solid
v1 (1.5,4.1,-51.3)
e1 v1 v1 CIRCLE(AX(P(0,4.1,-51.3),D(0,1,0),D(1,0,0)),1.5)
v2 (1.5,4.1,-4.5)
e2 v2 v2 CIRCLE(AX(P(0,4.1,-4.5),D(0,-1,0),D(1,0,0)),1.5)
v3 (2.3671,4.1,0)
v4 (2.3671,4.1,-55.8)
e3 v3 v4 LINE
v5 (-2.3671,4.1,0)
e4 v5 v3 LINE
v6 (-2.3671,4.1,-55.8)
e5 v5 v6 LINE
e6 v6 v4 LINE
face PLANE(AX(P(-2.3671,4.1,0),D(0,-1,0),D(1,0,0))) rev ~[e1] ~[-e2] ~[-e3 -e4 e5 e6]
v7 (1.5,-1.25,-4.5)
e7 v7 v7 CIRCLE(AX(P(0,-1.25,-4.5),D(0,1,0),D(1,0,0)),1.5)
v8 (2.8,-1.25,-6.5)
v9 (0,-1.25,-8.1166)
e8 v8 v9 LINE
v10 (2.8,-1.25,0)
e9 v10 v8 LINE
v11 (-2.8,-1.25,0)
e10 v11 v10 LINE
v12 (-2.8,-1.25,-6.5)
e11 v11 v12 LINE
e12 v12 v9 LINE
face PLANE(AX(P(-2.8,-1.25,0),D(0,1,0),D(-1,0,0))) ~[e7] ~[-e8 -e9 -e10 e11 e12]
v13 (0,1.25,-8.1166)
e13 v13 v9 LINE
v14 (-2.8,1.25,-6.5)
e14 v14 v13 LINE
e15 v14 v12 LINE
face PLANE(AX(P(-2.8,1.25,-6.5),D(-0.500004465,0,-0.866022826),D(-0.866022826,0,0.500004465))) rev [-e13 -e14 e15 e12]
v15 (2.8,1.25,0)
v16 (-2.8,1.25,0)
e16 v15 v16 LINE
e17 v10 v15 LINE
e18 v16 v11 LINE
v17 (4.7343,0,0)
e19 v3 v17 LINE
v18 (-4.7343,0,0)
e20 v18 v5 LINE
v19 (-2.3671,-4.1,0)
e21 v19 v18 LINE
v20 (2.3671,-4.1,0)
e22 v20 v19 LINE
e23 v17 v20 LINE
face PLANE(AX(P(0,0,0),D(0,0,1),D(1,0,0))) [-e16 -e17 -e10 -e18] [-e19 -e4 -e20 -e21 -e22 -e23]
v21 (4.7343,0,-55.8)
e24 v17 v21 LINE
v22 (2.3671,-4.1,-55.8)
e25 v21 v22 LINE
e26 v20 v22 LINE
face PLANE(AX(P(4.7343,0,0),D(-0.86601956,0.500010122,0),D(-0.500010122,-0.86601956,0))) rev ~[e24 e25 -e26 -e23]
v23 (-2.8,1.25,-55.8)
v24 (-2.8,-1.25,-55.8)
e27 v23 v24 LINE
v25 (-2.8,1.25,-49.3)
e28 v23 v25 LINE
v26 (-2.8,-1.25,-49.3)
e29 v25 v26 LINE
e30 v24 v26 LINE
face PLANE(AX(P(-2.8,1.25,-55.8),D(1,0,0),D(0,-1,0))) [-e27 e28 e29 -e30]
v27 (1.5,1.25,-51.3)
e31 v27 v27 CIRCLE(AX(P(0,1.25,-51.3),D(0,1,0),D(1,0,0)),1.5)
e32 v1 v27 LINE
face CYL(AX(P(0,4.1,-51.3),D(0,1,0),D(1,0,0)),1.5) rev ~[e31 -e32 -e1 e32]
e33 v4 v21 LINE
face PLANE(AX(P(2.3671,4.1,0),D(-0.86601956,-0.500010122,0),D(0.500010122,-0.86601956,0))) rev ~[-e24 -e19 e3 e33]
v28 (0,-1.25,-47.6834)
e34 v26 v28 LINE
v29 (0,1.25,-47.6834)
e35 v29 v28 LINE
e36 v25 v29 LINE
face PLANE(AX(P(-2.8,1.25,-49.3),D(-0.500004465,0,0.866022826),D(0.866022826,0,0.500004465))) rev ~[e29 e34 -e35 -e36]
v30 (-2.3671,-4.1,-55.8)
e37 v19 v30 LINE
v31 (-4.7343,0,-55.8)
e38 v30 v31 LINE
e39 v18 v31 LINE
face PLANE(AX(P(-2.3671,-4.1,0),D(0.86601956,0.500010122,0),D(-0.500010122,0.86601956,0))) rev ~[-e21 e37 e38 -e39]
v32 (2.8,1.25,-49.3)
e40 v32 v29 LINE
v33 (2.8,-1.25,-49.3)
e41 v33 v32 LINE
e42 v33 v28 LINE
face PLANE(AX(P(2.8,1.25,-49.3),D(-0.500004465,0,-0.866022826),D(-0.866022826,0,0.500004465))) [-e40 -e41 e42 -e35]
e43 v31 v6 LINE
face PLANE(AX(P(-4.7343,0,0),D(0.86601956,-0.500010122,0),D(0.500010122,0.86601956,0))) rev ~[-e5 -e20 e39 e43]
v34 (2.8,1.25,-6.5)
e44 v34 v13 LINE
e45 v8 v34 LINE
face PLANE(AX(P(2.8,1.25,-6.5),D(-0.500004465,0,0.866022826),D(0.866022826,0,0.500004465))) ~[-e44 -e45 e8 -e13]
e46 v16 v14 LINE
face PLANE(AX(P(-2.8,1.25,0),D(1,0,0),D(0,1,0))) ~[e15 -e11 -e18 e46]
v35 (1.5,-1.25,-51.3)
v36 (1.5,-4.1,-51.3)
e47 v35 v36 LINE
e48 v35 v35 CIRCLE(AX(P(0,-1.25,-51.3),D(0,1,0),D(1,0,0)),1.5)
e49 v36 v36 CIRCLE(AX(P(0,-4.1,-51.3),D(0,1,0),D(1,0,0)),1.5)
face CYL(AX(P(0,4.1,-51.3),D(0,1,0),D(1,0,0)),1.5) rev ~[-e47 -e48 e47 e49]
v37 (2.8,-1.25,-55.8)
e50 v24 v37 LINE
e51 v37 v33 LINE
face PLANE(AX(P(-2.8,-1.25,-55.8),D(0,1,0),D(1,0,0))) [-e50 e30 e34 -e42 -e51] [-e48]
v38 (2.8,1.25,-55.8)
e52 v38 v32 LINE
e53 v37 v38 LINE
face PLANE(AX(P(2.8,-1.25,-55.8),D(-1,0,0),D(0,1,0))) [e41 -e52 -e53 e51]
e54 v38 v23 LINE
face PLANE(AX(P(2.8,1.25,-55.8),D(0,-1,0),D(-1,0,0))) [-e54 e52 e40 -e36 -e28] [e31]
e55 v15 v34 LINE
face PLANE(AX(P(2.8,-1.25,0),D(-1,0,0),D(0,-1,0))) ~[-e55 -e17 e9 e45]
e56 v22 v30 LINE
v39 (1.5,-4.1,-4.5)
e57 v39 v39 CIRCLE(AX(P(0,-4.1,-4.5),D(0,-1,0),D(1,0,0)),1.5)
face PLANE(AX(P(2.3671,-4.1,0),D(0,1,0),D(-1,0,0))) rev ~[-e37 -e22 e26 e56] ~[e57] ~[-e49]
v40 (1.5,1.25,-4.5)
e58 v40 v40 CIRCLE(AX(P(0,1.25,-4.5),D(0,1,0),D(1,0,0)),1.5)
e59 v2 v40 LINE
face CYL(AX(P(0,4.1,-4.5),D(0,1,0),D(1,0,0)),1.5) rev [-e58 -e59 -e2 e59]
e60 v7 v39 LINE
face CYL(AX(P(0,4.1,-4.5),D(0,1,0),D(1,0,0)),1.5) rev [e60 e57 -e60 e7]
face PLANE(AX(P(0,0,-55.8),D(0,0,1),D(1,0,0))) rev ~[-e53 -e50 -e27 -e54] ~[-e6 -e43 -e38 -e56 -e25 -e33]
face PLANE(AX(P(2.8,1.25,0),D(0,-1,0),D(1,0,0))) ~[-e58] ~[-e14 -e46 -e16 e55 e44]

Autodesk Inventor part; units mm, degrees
ref_plane "YZ Plane" through (0, 0, 0) normal (1, 0, 0) x (0, 1, 0)
ref_plane "XZ Plane" through (0, 0, 0) normal (0, 1, 0) x (-1, 0, 0)
sketch "Sketch1" plane through (0, 0, 0) normal (0, 0, 1) x (1, 0, 0)
  line L0 (-2.3671, -4.1) -> (-4.7343, 0)
  line L1 (-4.7343, 0) -> (-2.3671, 4.1)
  line L2 (-2.3671, 4.1) -> (2.3671, 4.1)
  line L3 (2.3671, 4.1) -> (4.7343, 0)
  line L4 (4.7343, 0) -> (2.3671, -4.1)
  line L5 (2.3671, -4.1) -> (-2.3671, -4.1)
  point P0 (0, 0)
  point P1 (0, 0)
  dimension "d0" = 4.1
extrude "Extrusion1" add sketch "Sketch1" against normal blind 55.8
sketch "Sketch2" plane through (4.7343, 0, 0) normal (0.866, 0.5, 0) x (0, 0, -1)
  line L0 (0, 4.7343) -> (0, 0) projected
  line L1 (4.75, 5.1671) -> (7.25, 5.1671)
  line L2 (7.25, 5.1671) -> (7.25, -0.4329)
  line L3 (7.25, -0.4329) -> (4.75, -0.4329)
  line L4 (4.75, -0.4329) -> (4.75, 5.1671)
  line L5 (4.75, 5.1671) -> (7.25, -0.4329) construction
  line L6 (7.25, 5.1671) -> (4.75, -0.4329) construction
  point P0 (0, 2.3671)
  point P1 (6, 2.3671)
  dimension "d3" = 2.5
  dimension "d4" = 5.6
  dimension "d10" = 0
  dimension "d11" = 6
extrude "Extrusion2" [suppressed]
sketch "Sketch3" plane through (0, 0, 0) normal (0, 0, 1) x (1, 0, 0)
  circle A0 centre (0, 0) radius 1.5
  dimension "d7" = 3
extrude "Extrusion3" [suppressed]
ref_plane "Work Plane1" through (0, 0, -27.9) normal (0, 0, -1) x (-1, 0, 0)
mirror "Mirror1" [suppressed]
sketch "Sketch4" plane through (1.5014, 4.1, -7.25) normal (0, 0, 1) x (1, 0, 0)
  line L0 (0, 0) -> (-4.5469, -2.6251) projected
  line L1 (-1.7469, -7.4749) -> (-4.5469, -2.6251) projected
  line L2 (2.8, -4.8497) -> (-1.7469, -7.4749) projected
  line L3 (-4.5469, -2.6251) -> (-4.5469, -5.8583)
  line L4 (-1.7469, -7.4749) -> (-4.5469, -5.8583)
  line L5 (-1.7469, -7.4749) -> (-4.5469, -2.6251)
  point P0 (-1.5014, -4.1)
  dimension "d12" = 120
  dimension "d13" = 120
extrude "Extrusion4" [suppressed]
sketch "Sketch5" plane through (-4.7343, 0, -55.8) normal (-0.866, -0.5, 0) x (0, 0, 1)
  line L0 (0, -4.7343) -> (0, 0) projected
  line L1 (4.75, 0.4331) -> (7.25, 0.4331)
  line L2 (7.25, 0.4331) -> (7.25, -5.1669)
  line L3 (7.25, -5.1669) -> (4.75, -5.1669)
  line L4 (4.75, -5.1669) -> (4.75, 0.4331)
  line L5 (4.75, 0.4331) -> (7.25, -5.1669) construction
  line L6 (7.25, 0.4331) -> (4.75, -5.1669) construction
  line L7 (0, -3.8671) -> (0, -0.8671) projected
  line L8 (0, -4.7343) -> (0, 0) projected
  line L9 (0, 0) -> (0, 2.3671) projected
  line L10 (0, 2.3671) -> (0, 0) projected
  line L11 (0, 0) -> (0, -4.7343) projected
  line L12 (0, -4.7343) -> (0, -7.1014) projected
  line L13 (0, -7.1014) -> (0, -4.7343) projected
  line L14 (9.5, -0.8671) -> (9.5, -3.8671) projected
  line L15 (0, -3.8671) -> (0, -0.8671) projected
  line L16 (55.8, -7.1014) -> (0, -7.1014) projected
  line L17 (55.8, 2.3671) -> (0, 2.3671) projected
  point P0 (55.8, -2.3671)
  point P1 (6, -2.3669)
  dimension "d16" = 2.5
  dimension "d17" = 5.6
  dimension "d18" = 6
  dimension "d25" = 1.9345
extrude "Extrusion5" [suppressed]
sketch "Sketch6" plane through (-1.5019, -4.1, -42.75) normal (0, 0, -1) x (-1, 0, 0)
  line L0 (-1.7472, 7.4751) -> (-4.5472, 2.6253) projected
  line L1 (-4.5472, 2.6253) -> (-4.5472, 5.8585)
  line L2 (-1.7472, 7.4751) -> (-4.5472, 5.8585)
  line L3 (2.7993, 4.8501) -> (-1.7472, 7.4751) projected
  line L4 (0, 0) -> (-4.5472, 2.6253) projected
  line L5 (-1.7472, 7.4751) -> (-4.5472, 2.6253)
  point P0 (-1.5019, 4.1)
  dimension "d21" = 120
  dimension "d22" = 120
extrude "Extrusion6" [suppressed]
sketch "Sketch8" plane through (0, 0, -55.8) normal (0, 0, -1) x (-1, 0, 0)
  line L0 (-2.8, 1.25) -> (2.8, 1.25)
  line L1 (2.8, 1.25) -> (2.8, -1.25)
  line L2 (2.8, -1.25) -> (-2.8, -1.25)
  line L3 (-2.8, -1.25) -> (-2.8, 1.25)
  line L4 (-2.8, 1.25) -> (2.8, -1.25) construction
  line L5 (2.8, 1.25) -> (-2.8, -1.25) construction
  point P0 (0, 0)
  dimension "d32" = 5.6
  dimension "d33" = 2.5
  dimension "d46" = 1.25
  dimension "d47" = 2.8
extrude "Extrusion8" cut sketch "Sketch8" against normal blind 6.5
sketch "Sketch9" plane through (-2.3671, 4.1, 0) normal (0, 1, 0) x (1, 0, 0)
  line L0 (4.7343, 0) -> (4.7343, 55.8) projected
  line L1 (0, 55.8) -> (4.7343, 55.8) projected
  line L2 (0, 0) -> (0, 55.8) projected
  line L3 (0, 0) -> (4.7343, 0) projected
  line L4 (5.1671, 55.8) -> (-0.4329, 55.8) projected
  line L5 (2.3671, 55.8) -> (2.3671, 0) construction
  line L6 (2.3671, 55.8) -> (58.1671, 55.8) construction
  circle A0 centre (2.3671, 51.3) radius 1.5
  dimension "d36" = 90
  dimension "d37" = 3
  dimension "d38" = 0
  dimension "d39" = 4.5
extrude "Extrusion9" cut sketch "Sketch9" against normal up to surface (8.2 mm away) contours A0
sketch "Sketch10" plane through (-2.8, 1.25, -55.8) normal (0, -1, 0) x (1, 0, 0)
  circle A0 centre (2.8, 4.5) radius 1.5 projected
  line L0 (5.6, 0) -> (0, 0) projected
  line L1 (5.6, 0) -> (5.6, 6.5) projected
  line L2 (5.6, 6.5) -> (0, 6.5) projected
  line L3 (0, 0) -> (0, 6.5) projected
  line L4 (0, 6.5) -> (2.8, 8.1166)
  line L5 (0, 6.5) -> (3.9156, 6.5) construction
  line L6 (5.6, 6.5) -> (2.8, 8.1166)
  line L7 (5.6, 6.5) -> (8.8332, 6.5) construction
  line L8 (5.6, 6.5) -> (0, 6.5)
  point P0 (2.8, 55.8)
  dimension "d42" = 30
  dimension "d43" = 150
extrude "Extrusion10" cut sketch "Sketch10" along normal blind 2.5 contours L2 L4 L6
mirror "Mirror3" about plane through (0, 0, -27.9) normal (0, 0, -1) of "Extrusion8", "Extrusion9", "Extrusion10"
properties part number "SupportFirstToSecond" material "ABS Plastic"
